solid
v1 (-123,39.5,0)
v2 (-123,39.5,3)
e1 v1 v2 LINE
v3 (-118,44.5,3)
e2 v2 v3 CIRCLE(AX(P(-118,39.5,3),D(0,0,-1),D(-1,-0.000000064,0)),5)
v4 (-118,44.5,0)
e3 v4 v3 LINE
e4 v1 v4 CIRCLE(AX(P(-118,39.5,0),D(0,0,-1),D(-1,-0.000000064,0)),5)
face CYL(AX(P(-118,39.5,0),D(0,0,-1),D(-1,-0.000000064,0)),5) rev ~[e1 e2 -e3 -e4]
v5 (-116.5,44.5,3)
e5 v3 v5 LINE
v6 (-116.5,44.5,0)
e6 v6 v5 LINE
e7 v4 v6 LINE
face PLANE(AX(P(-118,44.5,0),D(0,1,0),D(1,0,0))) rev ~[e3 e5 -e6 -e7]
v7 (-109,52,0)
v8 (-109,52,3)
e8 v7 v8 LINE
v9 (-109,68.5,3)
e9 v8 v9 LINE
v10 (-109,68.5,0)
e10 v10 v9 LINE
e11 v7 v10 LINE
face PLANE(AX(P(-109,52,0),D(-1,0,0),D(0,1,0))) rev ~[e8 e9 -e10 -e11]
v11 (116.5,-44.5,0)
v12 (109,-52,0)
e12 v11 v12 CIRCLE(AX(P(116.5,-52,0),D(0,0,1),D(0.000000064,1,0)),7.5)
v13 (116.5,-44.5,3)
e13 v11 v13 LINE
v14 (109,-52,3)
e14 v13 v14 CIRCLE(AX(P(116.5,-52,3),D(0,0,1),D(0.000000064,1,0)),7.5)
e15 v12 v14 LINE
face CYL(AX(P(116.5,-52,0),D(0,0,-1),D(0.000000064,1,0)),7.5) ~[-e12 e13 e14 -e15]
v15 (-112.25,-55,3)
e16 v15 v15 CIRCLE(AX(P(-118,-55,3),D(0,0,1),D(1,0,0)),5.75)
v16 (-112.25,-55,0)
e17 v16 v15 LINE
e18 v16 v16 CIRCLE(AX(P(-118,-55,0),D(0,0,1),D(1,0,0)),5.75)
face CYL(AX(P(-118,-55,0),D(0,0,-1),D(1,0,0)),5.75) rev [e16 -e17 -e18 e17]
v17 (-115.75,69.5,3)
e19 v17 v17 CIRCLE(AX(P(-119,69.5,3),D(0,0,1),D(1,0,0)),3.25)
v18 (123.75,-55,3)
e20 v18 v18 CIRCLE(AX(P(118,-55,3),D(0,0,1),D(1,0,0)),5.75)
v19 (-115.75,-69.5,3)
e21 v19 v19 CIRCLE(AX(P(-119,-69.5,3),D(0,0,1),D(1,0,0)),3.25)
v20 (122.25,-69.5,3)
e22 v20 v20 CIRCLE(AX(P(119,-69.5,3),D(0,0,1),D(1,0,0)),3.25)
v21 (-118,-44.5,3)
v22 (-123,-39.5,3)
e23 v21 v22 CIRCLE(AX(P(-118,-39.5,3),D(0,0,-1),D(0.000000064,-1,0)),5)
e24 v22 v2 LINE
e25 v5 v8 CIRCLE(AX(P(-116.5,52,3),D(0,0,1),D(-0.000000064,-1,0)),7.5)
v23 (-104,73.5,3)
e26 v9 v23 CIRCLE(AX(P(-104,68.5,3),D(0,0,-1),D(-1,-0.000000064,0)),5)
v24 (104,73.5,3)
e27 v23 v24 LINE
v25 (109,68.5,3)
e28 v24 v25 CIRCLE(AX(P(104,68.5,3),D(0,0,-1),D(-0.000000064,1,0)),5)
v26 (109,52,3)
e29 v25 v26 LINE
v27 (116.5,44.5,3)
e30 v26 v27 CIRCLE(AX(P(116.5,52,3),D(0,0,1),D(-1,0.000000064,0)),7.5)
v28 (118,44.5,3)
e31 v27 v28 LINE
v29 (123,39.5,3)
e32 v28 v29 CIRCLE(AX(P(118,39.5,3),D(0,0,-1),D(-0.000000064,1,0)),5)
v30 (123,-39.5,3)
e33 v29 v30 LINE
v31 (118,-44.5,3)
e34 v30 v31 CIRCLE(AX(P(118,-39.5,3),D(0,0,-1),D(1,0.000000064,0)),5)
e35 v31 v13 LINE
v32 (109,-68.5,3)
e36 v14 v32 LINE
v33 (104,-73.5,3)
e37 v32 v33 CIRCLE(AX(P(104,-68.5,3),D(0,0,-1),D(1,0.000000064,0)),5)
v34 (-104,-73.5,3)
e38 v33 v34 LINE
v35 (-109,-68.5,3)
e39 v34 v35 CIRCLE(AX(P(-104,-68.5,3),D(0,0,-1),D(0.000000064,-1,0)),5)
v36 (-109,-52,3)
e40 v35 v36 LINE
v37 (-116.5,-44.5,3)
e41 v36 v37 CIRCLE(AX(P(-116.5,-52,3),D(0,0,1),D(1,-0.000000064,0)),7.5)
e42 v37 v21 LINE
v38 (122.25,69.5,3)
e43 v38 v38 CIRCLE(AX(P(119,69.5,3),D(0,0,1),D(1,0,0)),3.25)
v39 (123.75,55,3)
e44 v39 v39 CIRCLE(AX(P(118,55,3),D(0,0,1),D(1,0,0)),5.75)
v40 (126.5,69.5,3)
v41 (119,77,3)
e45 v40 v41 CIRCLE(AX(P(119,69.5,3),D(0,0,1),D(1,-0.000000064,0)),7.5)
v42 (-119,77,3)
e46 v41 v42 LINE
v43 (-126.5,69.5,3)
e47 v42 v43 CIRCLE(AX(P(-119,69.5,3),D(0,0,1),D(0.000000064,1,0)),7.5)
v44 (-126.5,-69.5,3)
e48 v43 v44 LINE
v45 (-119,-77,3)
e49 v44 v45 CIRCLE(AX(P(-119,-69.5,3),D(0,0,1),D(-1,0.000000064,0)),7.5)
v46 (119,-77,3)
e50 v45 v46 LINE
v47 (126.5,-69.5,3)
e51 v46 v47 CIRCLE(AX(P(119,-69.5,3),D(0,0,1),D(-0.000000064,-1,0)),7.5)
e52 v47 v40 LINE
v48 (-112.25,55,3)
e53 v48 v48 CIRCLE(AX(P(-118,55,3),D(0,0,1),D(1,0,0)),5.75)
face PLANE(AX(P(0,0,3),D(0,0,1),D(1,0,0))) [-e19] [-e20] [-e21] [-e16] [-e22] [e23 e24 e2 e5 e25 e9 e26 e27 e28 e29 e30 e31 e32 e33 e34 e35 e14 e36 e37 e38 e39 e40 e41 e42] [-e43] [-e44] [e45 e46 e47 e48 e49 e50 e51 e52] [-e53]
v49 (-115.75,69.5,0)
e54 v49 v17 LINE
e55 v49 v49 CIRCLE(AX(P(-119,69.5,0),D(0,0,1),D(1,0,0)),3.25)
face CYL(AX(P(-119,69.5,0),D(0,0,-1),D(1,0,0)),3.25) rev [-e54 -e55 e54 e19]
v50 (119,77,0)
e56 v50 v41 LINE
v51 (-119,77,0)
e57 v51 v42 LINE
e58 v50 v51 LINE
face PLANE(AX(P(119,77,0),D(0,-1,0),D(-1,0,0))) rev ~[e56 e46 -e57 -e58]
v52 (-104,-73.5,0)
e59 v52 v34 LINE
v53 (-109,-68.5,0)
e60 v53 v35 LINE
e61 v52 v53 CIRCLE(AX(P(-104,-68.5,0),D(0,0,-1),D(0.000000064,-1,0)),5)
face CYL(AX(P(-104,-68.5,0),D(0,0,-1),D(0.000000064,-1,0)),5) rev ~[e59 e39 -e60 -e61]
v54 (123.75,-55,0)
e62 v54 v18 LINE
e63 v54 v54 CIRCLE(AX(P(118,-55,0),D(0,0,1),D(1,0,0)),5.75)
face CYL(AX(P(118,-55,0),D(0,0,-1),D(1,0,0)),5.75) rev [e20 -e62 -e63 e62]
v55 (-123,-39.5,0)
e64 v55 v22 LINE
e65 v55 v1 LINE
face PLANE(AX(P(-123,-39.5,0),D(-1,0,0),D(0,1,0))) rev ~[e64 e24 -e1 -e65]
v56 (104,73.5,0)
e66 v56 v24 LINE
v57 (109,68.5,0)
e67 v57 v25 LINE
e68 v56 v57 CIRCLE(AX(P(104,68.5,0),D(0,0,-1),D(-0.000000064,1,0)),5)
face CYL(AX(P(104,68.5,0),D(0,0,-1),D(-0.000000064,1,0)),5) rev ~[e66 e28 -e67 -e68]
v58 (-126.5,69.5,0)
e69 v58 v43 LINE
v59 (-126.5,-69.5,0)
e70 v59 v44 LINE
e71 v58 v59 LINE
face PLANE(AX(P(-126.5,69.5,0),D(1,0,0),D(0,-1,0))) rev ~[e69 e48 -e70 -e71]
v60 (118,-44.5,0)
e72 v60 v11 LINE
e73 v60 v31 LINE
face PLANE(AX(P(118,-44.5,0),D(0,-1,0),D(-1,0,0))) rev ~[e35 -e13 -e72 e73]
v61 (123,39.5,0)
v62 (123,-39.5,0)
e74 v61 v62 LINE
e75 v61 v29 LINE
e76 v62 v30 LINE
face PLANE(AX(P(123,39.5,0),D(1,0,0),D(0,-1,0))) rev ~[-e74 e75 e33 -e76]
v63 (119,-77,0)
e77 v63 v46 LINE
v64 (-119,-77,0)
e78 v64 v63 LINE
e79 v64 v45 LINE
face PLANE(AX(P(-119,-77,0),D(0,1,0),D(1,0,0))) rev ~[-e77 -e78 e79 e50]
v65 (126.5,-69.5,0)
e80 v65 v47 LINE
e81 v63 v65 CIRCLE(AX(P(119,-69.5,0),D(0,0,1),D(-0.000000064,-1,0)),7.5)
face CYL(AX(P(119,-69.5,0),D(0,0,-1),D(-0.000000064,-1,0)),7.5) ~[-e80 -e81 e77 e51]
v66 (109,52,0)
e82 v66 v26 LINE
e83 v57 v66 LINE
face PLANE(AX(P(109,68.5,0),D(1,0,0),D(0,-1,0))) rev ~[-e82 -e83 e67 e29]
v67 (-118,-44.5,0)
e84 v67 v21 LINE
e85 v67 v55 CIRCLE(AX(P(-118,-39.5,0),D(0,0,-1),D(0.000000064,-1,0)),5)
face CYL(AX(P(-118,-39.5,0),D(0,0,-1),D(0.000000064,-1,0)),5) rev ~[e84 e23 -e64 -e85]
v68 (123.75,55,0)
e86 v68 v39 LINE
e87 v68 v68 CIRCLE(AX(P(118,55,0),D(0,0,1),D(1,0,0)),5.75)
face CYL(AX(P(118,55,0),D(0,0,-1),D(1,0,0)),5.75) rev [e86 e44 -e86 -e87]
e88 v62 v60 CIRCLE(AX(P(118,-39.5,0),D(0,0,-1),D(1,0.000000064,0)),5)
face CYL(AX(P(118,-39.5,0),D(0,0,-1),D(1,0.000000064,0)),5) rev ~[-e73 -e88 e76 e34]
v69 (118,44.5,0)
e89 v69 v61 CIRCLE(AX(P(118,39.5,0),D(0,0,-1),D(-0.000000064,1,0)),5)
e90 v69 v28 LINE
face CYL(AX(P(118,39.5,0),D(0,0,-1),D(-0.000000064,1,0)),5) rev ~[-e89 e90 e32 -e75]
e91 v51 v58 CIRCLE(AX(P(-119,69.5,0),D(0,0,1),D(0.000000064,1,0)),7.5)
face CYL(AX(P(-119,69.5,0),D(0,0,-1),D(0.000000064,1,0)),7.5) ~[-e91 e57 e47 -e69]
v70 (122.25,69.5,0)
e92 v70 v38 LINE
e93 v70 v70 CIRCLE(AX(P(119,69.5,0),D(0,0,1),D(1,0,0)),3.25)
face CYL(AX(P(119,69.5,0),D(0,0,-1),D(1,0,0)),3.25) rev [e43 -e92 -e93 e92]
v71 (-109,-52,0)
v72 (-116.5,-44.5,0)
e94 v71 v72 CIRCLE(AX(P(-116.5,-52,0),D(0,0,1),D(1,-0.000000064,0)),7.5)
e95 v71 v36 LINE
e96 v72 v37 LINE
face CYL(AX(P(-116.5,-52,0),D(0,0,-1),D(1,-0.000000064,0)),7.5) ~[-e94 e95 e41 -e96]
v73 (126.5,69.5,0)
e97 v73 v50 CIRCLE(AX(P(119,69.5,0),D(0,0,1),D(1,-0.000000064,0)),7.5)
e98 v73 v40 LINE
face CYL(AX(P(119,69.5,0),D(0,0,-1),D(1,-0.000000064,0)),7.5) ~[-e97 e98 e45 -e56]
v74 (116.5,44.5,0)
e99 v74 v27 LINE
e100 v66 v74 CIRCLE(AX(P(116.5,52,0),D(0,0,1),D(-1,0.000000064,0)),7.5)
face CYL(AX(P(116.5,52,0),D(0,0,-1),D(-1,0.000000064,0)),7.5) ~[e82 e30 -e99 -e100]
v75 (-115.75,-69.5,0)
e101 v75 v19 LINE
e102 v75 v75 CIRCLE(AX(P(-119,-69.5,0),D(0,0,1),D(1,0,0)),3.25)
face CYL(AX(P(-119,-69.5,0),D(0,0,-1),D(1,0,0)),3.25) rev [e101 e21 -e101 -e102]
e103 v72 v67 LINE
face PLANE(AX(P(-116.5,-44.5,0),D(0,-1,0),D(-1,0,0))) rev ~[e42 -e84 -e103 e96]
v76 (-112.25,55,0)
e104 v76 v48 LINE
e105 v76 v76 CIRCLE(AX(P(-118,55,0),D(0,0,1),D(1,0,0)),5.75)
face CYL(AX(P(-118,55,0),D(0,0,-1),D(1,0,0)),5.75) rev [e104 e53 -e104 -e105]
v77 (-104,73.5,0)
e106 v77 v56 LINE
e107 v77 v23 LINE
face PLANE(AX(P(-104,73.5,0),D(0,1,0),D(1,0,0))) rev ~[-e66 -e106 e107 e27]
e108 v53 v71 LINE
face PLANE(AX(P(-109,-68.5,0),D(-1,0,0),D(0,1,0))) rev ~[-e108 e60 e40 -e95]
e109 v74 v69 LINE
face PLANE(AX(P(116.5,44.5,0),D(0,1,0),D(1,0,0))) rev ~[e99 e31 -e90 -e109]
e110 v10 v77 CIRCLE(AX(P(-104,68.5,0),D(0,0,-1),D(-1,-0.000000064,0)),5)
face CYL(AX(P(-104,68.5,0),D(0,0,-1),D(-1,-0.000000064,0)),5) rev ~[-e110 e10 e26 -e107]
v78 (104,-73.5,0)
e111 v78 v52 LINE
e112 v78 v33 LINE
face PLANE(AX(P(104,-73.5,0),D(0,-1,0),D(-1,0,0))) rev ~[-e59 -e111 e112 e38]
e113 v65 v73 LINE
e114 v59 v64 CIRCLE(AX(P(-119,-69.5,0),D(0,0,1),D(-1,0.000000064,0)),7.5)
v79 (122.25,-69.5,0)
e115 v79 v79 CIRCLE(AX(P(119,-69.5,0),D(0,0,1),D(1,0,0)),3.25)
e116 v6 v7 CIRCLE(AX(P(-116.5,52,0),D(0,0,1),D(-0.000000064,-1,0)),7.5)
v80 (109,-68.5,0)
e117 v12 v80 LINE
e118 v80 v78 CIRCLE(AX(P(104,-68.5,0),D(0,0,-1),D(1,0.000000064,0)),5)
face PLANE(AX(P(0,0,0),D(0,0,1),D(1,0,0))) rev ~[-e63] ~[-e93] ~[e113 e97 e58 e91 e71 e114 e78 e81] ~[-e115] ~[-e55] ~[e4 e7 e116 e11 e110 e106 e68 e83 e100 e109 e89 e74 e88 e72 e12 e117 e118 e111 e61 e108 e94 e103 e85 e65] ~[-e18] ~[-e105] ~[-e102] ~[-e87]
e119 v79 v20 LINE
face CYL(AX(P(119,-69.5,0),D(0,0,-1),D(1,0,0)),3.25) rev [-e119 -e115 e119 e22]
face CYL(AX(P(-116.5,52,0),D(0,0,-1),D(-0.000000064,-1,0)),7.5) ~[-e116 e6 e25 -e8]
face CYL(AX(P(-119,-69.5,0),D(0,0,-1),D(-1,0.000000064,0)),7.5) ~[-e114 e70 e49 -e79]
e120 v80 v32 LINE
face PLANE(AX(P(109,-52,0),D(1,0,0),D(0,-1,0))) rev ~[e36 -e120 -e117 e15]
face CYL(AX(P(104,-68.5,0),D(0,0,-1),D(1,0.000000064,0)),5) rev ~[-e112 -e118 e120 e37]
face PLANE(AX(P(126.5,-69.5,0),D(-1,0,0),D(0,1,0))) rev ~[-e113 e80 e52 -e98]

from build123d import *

# Parameters (mm, degrees)
F0_R     = 3.25
F0_R_2   = 5.75
F1_DEPTH = 3


with BuildPart() as f1:
    # F0 (on Top) → F1 (new body)
    with BuildSketch(Plane.XY):
        with BuildLine():
            Line((119, 77), (0, 77))
            Line((0, 77), (-119, 77))
            ThreePointArc((-119, 77), (-124.303301, 74.803301), (-126.5, 69.5))
            Line((-126.5, 69.5), (-126.5, 0))
            Line((-126.5, 0), (-126.5, -69.5))
            ThreePointArc((-126.5, -69.5), (-124.303301, -74.803301), (-119, -77))
            Line((-119, -77), (0, -77))
            Line((0, -77), (119, -77))
            ThreePointArc((119, -77), (124.303301, -74.803301), (126.5, -69.5))
            Line((126.5, -69.5), (126.5, 0))
            Line((126.5, 0), (126.5, 69.5))
            ThreePointArc((126.5, 69.5), (124.303301, 74.803301), (119, 77))
        make_face()
        with Locations((-119, -69.5)):
            Circle(F0_R, mode=Mode.SUBTRACT)
        with Locations((-118, -55)):
            Circle(F0_R_2, mode=Mode.SUBTRACT)
        with Locations((119, -69.5)):
            Circle(F0_R, mode=Mode.SUBTRACT)
        with Locations((118, -55)):
            Circle(F0_R_2, mode=Mode.SUBTRACT)
        with Locations((-118, 55)):
            Circle(F0_R_2, mode=Mode.SUBTRACT)
        with Locations((-119, 69.5)):
            Circle(F0_R, mode=Mode.SUBTRACT)
        with BuildLine():
            Line((-104, 73.5), (0, 73.5))
            Line((0, 73.5), (104, 73.5))
            ThreePointArc((104, 73.5), (107.535534, 72.035534), (109, 68.5))
            Line((109, 68.5), (109, 52))
            ThreePointArc((109, 52), (111.196699, 46.696699), (116.5, 44.5))
            Line((116.5, 44.5), (118, 44.5))
            ThreePointArc((118, 44.5), (121.535534, 43.035534), (123, 39.5))
            Line((123, 39.5), (123, 0))
            Line((123, 0), (123, -39.5))
            ThreePointArc((123, -39.5), (121.535534, -43.035534), (118, -44.5))
            Line((118, -44.5), (116.5, -44.5))
            ThreePointArc((116.5, -44.5), (111.196699, -46.696699), (109, -52))
            Line((109, -52), (109, -68.5))
            ThreePointArc((109, -68.5), (107.535534, -72.035534), (104, -73.5))
            Line((104, -73.5), (0, -73.5))
            Line((0, -73.5), (-104, -73.5))
            ThreePointArc((-104, -73.5), (-107.535534, -72.035534), (-109, -68.5))
            Line((-109, -68.5), (-109, -52))
            ThreePointArc((-109, -52), (-111.196699, -46.696699), (-116.5, -44.5))
            Line((-116.5, -44.5), (-118, -44.5))
            ThreePointArc((-118, -44.5), (-121.535534, -43.035534), (-123, -39.5))
            Line((-123, -39.5), (-123, 0))
            Line((-123, 0), (-123, 39.5))
            ThreePointArc((-123, 39.5), (-121.535534, 43.035534), (-118, 44.5))
            Line((-118, 44.5), (-116.5, 44.5))
            ThreePointArc((-116.5, 44.5), (-111.196699, 46.696699), (-109, 52))
            Line((-109, 52), (-109, 68.5))
            ThreePointArc((-109, 68.5), (-107.535534, 72.035534), (-104, 73.5))
        make_face(mode=Mode.SUBTRACT)
        with Locations((118, 55)):
            Circle(F0_R_2, mode=Mode.SUBTRACT)
        with Locations((119, 69.5)):
            Circle(F0_R, mode=Mode.SUBTRACT)
    extrude(amount=F1_DEPTH)


solid = f1.part
